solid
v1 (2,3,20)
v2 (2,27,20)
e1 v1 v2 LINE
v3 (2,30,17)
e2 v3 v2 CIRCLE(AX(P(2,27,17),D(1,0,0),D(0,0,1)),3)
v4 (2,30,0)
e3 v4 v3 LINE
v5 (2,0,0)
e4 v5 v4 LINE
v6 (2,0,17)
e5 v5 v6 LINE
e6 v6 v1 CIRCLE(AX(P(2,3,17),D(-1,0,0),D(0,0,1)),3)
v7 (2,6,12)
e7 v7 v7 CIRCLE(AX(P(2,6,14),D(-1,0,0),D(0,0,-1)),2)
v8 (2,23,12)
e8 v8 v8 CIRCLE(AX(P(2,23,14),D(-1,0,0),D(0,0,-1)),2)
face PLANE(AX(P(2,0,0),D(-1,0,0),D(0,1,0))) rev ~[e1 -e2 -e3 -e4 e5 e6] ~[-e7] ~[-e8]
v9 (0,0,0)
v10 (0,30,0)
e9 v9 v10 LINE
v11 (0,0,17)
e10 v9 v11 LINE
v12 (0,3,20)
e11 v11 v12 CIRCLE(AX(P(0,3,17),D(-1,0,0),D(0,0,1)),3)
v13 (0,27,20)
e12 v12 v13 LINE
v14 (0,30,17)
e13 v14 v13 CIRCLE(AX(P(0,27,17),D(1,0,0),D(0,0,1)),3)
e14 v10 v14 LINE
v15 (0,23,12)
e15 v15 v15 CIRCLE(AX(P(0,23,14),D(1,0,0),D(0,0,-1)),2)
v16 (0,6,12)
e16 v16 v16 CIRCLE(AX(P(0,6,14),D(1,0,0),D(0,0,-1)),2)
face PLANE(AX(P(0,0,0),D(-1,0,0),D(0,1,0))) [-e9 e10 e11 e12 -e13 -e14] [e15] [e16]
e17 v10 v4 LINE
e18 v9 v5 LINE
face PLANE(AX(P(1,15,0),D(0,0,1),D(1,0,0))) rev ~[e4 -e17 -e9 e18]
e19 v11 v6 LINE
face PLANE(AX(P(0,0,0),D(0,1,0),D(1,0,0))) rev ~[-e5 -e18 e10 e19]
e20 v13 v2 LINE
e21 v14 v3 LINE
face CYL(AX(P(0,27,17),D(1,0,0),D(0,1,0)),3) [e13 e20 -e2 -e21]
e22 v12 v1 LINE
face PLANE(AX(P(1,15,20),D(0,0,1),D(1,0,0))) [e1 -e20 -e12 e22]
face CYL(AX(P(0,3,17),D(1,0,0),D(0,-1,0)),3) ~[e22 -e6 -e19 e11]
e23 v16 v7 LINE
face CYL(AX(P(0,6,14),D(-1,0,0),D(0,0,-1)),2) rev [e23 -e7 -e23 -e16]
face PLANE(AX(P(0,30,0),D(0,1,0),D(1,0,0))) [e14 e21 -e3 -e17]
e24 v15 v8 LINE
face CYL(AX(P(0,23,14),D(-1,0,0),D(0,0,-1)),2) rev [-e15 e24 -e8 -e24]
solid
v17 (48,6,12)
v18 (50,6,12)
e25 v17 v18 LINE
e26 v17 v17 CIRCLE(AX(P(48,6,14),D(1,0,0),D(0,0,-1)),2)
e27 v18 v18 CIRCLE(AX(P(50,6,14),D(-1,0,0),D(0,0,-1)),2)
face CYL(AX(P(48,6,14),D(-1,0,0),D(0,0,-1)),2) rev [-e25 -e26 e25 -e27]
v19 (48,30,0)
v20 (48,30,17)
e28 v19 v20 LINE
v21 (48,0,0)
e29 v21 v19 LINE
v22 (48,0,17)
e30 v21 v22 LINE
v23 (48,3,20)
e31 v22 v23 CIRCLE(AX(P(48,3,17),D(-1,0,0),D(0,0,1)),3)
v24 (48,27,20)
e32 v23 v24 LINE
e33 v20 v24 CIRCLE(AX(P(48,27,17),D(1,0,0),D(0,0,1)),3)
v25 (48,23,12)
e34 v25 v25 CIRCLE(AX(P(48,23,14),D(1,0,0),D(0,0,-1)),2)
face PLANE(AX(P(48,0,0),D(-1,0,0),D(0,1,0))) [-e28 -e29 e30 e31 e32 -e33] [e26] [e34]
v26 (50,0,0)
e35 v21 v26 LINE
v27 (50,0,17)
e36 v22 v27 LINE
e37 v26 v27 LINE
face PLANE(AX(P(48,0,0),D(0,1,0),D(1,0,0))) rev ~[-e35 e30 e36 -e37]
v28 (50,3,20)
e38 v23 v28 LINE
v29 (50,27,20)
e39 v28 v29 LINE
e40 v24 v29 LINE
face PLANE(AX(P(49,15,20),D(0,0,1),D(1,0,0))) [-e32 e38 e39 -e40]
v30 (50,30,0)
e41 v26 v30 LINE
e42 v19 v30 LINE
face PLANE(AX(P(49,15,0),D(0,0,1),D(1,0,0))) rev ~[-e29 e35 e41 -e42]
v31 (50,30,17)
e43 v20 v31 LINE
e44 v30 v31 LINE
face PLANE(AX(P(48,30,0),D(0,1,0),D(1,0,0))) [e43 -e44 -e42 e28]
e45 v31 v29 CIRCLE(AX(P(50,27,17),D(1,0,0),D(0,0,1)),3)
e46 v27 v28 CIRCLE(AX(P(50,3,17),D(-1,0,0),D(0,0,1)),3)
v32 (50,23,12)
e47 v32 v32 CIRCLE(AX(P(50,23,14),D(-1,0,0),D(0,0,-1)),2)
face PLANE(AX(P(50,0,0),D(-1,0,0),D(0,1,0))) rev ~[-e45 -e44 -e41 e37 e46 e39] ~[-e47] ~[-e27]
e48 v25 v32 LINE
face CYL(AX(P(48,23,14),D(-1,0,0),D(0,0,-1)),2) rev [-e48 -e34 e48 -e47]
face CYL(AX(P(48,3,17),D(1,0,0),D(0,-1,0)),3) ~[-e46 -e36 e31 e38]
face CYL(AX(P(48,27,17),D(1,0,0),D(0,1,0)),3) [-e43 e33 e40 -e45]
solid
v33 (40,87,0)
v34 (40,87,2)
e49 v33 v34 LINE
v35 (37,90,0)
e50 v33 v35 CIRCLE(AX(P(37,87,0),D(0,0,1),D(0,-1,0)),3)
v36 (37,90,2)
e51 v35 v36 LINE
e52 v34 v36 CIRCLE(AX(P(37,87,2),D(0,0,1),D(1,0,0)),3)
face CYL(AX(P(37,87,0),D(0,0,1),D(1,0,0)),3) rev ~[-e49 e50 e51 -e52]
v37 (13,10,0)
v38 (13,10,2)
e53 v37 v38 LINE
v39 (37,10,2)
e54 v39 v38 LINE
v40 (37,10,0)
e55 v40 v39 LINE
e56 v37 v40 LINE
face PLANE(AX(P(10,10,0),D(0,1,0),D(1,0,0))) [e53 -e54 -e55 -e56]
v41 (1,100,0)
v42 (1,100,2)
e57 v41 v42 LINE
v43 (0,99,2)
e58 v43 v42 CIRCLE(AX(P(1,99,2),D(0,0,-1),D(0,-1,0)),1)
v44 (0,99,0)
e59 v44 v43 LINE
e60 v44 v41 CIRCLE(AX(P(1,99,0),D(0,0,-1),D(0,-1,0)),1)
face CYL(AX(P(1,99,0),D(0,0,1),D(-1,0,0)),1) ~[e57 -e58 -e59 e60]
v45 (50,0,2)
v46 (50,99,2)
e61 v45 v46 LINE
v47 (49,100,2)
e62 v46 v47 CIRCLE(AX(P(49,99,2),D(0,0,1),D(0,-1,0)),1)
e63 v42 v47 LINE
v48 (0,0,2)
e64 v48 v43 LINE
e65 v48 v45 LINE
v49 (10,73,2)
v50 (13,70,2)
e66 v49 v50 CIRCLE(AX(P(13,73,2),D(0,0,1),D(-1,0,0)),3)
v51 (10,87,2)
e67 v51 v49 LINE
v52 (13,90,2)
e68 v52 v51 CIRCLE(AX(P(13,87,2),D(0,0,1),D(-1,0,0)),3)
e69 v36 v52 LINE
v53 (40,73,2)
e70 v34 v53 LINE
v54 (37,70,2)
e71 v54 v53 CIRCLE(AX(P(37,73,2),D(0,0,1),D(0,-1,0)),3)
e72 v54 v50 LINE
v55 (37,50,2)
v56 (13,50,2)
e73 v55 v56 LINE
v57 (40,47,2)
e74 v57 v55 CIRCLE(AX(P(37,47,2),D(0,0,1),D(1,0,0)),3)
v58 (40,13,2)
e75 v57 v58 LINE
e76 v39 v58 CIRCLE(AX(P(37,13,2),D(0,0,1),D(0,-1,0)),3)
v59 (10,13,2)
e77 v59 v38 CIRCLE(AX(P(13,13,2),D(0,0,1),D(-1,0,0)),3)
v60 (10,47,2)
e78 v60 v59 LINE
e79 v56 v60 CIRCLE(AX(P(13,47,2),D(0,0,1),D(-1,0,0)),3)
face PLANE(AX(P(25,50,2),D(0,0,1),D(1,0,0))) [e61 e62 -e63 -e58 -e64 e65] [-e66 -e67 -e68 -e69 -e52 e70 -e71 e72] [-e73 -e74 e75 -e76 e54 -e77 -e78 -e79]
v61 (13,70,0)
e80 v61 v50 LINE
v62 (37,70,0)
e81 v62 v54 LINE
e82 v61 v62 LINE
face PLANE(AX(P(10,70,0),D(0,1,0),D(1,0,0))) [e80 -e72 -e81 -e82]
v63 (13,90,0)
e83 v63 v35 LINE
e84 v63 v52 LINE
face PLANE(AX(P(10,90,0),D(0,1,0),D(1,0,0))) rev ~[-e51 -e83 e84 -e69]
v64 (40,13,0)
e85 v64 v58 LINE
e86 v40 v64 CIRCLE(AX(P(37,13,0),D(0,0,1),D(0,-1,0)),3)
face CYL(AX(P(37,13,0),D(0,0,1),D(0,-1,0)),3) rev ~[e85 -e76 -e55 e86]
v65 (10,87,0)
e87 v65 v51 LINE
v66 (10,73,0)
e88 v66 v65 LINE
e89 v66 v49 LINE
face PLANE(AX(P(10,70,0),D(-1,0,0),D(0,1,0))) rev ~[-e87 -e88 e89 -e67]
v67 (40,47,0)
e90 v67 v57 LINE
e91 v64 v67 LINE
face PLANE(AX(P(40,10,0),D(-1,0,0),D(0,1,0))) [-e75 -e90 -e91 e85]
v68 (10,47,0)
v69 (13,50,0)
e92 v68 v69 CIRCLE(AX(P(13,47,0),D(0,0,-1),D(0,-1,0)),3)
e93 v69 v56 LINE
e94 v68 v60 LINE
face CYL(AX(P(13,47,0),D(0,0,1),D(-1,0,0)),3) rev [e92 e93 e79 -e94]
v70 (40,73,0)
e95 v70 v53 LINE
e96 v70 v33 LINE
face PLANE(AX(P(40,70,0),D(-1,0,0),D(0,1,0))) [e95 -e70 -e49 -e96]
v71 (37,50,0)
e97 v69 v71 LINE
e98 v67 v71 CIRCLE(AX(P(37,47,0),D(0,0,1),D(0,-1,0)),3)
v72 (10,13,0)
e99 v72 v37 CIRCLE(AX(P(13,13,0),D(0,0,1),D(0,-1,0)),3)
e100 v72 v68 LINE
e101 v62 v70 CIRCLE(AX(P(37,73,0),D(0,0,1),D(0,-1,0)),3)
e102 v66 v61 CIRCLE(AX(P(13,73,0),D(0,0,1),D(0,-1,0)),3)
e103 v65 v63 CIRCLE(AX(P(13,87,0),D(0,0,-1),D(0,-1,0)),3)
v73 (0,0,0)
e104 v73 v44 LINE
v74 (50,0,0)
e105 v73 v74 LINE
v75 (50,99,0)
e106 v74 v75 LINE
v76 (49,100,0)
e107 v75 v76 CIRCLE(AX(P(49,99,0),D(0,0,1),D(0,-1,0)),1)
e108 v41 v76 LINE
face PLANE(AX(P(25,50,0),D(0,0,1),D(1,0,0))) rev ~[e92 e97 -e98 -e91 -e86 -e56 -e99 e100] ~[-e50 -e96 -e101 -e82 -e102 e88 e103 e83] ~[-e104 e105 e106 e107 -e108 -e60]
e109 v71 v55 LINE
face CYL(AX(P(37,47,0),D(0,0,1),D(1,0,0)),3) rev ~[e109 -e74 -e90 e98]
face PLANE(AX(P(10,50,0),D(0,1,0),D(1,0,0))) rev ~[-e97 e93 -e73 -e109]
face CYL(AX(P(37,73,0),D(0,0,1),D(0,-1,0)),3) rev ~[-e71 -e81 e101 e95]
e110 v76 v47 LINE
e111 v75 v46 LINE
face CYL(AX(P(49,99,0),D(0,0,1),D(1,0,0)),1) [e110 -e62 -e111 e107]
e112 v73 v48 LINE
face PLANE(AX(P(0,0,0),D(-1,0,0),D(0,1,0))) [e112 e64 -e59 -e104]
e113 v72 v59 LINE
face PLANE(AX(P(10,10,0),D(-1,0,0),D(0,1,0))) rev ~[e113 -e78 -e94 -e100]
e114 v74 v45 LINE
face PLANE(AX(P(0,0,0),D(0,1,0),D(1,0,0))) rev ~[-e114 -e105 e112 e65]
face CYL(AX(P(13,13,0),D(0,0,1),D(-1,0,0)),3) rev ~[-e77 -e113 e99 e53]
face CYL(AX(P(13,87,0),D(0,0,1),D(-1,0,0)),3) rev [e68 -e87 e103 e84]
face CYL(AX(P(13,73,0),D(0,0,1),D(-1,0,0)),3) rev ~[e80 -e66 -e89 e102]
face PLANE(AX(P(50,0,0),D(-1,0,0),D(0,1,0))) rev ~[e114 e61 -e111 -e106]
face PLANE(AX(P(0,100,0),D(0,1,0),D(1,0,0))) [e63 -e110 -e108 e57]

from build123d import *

# Parameters (mm, degrees)
BOX002_W          = 30
BOX002_H          = 40
BOX002_DEPTH      = 3
FILLET002_R       = 3
BOX001_W          = 30
BOX001_H          = 20
BOX001_DEPTH      = 3
FILLET001_R       = 3
BOX_W             = 50
BOX_H             = 100
BOX_DEPTH         = 2
FILLET_R          = 1
CYLINDER001_R     = 2
CYLINDER001_DEPTH = 3
CYLINDER_R        = 2
CYLINDER_DEPTH    = 3
BOX003_W          = 2
BOX003_H          = 30
BOX003_DEPTH      = 20
FILLET003_R       = 3
CYLINDER003_R     = 2
CYLINDER003_DEPTH = 3
CYLINDER002_R     = 2
CYLINDER002_DEPTH = 3
BOX004_W          = 2
BOX004_H          = 30
BOX004_DEPTH      = 20
FILLET004_R       = 3


with BuildPart() as fillet002:
    # Box002 → Box002 (new body)
    with BuildSketch(Plane.XY):
        with Locations((15, 20)):
            Rectangle(BOX002_W, BOX002_H)
    extrude(amount=BOX002_DEPTH)

    # Fillet002
    fillet002_edges = [fillet002.edges().sort_by_distance(p)[0] for p in [
        (0, 0, 1.5),
        (0, 40, 1.5),
        (30, 0, 1.5),
        (30, 40, 1.5),
    ]]
    fillet(fillet002_edges, radius=FILLET002_R)


with BuildPart() as fillet002_1:
    # Fillet002 placement: moved
    add(fillet002.part.moved(Location((10, 10, 0))))


with BuildPart() as fillet001:
    # Box001 → Box001 (new body)
    with BuildSketch(Plane.XY):
        with Locations((15, 10)):
            Rectangle(BOX001_W, BOX001_H)
    extrude(amount=BOX001_DEPTH)

    # Fillet001
    fillet001_edges = [fillet001.edges().sort_by_distance(p)[0] for p in [
        (0, 0, 1.5),
        (0, 20, 1.5),
        (30, 0, 1.5),
        (30, 20, 1.5),
    ]]
    fillet(fillet001_edges, radius=FILLET001_R)


with BuildPart() as fillet001_1:
    # Fillet001 placement: moved
    add(fillet001.part.moved(Location((10, 70, 0))))


with BuildPart() as base:
    # Box → Box (new body)
    with BuildSketch(Plane.XY):
        with Locations((25, 50)):
            Rectangle(BOX_W, BOX_H)
    extrude(amount=BOX_DEPTH)

    # Fillet
    fillet_edges = [base.edges().sort_by_distance(p)[0] for p in [
        (0, 100, 1),
        (50, 100, 1),
    ]]
    fillet(fillet_edges, radius=FILLET_R)

    # Cut: cut Fillet001
    add(fillet001_1.part, mode=Mode.SUBTRACT)

    # Cut001: cut Fillet002
    add(fillet002_1.part, mode=Mode.SUBTRACT)


with BuildPart() as cilindre001:
    # Cylinder001 → Cylinder001 (new body)
    with BuildSketch(Plane(origin=(0, 23, 14), x_dir=(0, 0, -1), z_dir=(1, 0, 0))):
        Circle(CYLINDER001_R)
    extrude(amount=CYLINDER001_DEPTH)


with BuildPart() as fusion:
    # Cylinder → Cylinder (new body)
    with BuildSketch(Plane(origin=(0, 6, 14), x_dir=(0, 0, -1), z_dir=(1, 0, 0))):
        Circle(CYLINDER_R)
    extrude(amount=CYLINDER_DEPTH)

    # Fusion: union Cilindre001
    add(cilindre001.part)


with BuildPart() as costat:
    # Box003 → Box003 (new body)
    with BuildSketch(Plane.XY):
        with Locations((1, 15)):
            Rectangle(BOX003_W, BOX003_H)
    extrude(amount=BOX003_DEPTH)

    # Fillet003
    fillet003_edges = [costat.edges().sort_by_distance(p)[0] for p in [
        (1, 0, 20),
        (1, 30, 20),
    ]]
    fillet(fillet003_edges, radius=FILLET003_R)

    # Cut002: cut Fusion
    add(fusion.part, mode=Mode.SUBTRACT)


with BuildPart() as cilindre003:
    # Cylinder003 → Cylinder003 (new body)
    with BuildSketch(Plane(origin=(0, 23, 14), x_dir=(0, 0, -1), z_dir=(1, 0, 0))):
        Circle(CYLINDER003_R)
    extrude(amount=CYLINDER003_DEPTH)


with BuildPart() as fusion001:
    # Cylinder002 → Cylinder002 (new body)
    with BuildSketch(Plane(origin=(0, 6, 14), x_dir=(0, 0, -1), z_dir=(1, 0, 0))):
        Circle(CYLINDER002_R)
    extrude(amount=CYLINDER002_DEPTH)

    # Fusion001: union Cilindre003
    add(cilindre003.part)


with BuildPart() as costat001:
    # Box004 → Box004 (new body)
    with BuildSketch(Plane.XY):
        with Locations((1, 15)):
            Rectangle(BOX004_W, BOX004_H)
    extrude(amount=BOX004_DEPTH)

    # Fillet004
    fillet004_edges = [costat001.edges().sort_by_distance(p)[0] for p in [
        (1, 0, 20),
        (1, 30, 20),
    ]]
    fillet(fillet004_edges, radius=FILLET004_R)

    # Cut003: cut Fusion001
    add(fusion001.part, mode=Mode.SUBTRACT)


with BuildPart() as costat001_1:
    # Cut003 placement: moved
    add(costat001.part.moved(Location((48, 0, 0))))


solid = Compound([base.part, costat.part, costat001_1.part])
